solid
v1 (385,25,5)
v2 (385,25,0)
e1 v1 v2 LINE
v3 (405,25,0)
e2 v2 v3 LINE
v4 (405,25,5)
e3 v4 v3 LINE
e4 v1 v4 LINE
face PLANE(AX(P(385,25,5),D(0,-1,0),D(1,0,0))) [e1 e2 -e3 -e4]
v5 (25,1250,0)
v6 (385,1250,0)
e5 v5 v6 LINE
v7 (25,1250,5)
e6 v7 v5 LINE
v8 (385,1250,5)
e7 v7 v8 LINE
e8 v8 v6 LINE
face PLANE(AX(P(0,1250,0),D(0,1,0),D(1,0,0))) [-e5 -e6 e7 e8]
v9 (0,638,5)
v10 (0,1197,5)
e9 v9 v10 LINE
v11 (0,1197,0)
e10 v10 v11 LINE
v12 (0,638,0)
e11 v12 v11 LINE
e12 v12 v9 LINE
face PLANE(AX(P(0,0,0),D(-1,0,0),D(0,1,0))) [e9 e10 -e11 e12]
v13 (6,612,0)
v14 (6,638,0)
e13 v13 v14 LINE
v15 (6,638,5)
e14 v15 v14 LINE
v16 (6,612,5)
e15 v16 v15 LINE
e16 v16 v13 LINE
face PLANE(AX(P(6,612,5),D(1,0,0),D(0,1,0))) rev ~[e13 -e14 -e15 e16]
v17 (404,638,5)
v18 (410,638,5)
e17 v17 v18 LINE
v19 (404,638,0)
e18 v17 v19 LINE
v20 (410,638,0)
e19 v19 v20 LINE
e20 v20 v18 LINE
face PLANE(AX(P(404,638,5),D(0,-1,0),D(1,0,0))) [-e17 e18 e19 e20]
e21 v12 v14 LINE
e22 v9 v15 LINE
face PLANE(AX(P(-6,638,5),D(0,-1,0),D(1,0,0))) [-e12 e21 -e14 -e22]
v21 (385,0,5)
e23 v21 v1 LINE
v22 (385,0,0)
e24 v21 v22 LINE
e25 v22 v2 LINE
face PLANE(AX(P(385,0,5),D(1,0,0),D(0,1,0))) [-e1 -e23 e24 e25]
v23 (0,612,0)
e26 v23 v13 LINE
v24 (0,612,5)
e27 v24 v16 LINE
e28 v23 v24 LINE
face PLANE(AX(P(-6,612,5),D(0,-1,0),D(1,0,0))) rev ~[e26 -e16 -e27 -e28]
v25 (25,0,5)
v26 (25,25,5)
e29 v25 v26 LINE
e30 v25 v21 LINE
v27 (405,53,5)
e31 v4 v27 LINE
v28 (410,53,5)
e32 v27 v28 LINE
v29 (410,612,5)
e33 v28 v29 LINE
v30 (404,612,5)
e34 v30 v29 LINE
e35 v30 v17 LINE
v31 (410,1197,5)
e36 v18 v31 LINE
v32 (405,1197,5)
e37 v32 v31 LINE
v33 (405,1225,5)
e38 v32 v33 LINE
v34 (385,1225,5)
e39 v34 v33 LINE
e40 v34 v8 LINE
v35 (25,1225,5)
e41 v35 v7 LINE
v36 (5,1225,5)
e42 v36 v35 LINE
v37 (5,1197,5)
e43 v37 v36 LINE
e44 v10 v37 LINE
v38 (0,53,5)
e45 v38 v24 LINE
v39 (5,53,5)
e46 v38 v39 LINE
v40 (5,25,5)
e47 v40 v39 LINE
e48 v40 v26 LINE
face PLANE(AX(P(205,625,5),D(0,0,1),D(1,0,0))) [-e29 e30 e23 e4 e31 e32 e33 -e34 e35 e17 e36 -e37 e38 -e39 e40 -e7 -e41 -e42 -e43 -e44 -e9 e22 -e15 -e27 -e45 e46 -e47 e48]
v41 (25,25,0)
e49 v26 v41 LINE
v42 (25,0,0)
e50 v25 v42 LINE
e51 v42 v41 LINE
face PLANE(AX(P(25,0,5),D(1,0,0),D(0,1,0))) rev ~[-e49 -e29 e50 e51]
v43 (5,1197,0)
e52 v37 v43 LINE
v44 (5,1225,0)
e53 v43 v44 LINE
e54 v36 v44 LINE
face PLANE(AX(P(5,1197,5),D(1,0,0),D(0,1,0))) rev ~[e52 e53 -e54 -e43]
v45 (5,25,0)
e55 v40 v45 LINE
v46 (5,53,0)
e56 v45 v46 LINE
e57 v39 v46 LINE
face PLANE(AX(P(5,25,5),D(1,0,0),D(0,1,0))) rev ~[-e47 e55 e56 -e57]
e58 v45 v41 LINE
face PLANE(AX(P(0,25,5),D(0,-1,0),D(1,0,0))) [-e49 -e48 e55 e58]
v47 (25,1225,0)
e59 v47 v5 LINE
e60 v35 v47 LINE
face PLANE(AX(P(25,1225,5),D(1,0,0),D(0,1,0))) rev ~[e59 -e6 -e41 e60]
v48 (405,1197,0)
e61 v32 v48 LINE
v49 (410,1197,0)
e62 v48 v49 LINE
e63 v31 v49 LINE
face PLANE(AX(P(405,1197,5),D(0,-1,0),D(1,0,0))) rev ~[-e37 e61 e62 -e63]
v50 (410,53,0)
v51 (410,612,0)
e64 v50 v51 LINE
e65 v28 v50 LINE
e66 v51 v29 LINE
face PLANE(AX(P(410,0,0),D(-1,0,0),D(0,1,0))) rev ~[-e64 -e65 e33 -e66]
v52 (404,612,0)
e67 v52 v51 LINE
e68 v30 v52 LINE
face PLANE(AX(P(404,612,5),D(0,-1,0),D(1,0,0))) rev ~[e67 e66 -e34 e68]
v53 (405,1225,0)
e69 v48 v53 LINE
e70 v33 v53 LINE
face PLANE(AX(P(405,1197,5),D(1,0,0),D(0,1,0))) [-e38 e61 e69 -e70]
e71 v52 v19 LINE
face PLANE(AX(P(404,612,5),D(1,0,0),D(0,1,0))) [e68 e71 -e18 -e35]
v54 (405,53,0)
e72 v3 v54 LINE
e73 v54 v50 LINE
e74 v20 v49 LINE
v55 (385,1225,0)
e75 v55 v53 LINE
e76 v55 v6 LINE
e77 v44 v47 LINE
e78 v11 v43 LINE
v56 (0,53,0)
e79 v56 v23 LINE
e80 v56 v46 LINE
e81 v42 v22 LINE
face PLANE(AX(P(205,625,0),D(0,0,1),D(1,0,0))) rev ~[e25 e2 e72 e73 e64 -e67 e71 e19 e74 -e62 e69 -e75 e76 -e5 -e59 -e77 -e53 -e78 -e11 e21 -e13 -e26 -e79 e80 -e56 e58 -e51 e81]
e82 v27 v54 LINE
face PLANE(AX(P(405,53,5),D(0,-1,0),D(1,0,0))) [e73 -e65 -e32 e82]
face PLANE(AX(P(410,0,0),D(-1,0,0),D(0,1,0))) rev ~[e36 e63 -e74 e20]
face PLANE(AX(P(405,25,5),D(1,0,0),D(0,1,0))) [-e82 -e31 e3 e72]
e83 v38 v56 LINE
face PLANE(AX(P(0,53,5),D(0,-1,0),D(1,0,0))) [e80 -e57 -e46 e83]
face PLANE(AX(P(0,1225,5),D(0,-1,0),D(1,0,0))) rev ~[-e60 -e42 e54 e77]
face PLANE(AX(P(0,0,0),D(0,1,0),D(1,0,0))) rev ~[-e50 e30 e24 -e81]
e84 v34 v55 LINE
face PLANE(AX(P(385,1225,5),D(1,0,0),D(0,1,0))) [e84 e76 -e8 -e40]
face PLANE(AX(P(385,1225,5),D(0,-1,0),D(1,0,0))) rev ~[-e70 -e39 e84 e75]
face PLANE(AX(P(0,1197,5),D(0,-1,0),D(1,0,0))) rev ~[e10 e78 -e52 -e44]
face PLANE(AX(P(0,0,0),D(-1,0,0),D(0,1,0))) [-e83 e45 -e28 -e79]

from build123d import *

# Parameters (mm, degrees)
F0_W      = 410
F0_H      = 1250
F1_DEPTH  = 5
F2_W      = 25
F2_H      = 25
F3_DEPTH  = 25
F4_W      = 25
F4_H      = 25
F5_DEPTH  = 25
F6_W      = 25
F6_H      = 25
F7_DEPTH  = 25
F8_W      = 25
F8_H      = 25
F9_DEPTH  = 25
F10_W     = 12
F10_H     = 26
F11_DEPTH = 25
F12_W     = 12
F12_H     = 26
F13_DEPTH = 25
F14_W     = 5
F14_H     = 28
F15_DEPTH = 25
F16_W     = 5
F16_H     = 28
F17_DEPTH = 25
F18_W     = 5
F18_H     = 28
F19_DEPTH = 25
F20_W     = 5
F20_H     = 28
F21_DEPTH = 25


with BuildPart() as f1:
    # F0 (on Top) → F1 (new body)
    with BuildSketch(Plane.XY):
        with Locations((205, 625)):
            Rectangle(F0_W, F0_H)
    extrude(amount=F1_DEPTH)

    # F2 (on face) → F3 (cut)
    with BuildSketch(Plane.XY.offset(5)):
        with Locations((12.5, 12.5)):
            Rectangle(F2_W, F2_H)
    extrude(amount=-F3_DEPTH, mode=Mode.SUBTRACT)

    # F4 (on face) → F5 (cut)
    with BuildSketch(Plane.XY.offset(5)):
        with Locations((397.5, 12.5)):
            Rectangle(F4_W, F4_H)
    extrude(amount=-F5_DEPTH, mode=Mode.SUBTRACT)

    # F6 (on face) → F7 (cut)
    with BuildSketch(Plane.XY.offset(5)):
        with Locations((397.5, 1237.5)):
            Rectangle(F6_W, F6_H)
    extrude(amount=-F7_DEPTH, mode=Mode.SUBTRACT)

    # F8 (on face) → F9 (cut)
    with BuildSketch(Plane.XY.offset(5)):
        with Locations((12.5, 1237.5)):
            Rectangle(F8_W, F8_H)
    extrude(amount=-F9_DEPTH, mode=Mode.SUBTRACT)

    # F10 (on face) → F11 (cut)
    with BuildSketch(Plane.XY.offset(5)):
        with Locations((0, 625)):
            Rectangle(F10_W, F10_H)
    extrude(amount=-F11_DEPTH, mode=Mode.SUBTRACT)

    # F12 (on face) → F13 (cut)
    with BuildSketch(Plane.XY.offset(5)):
        with Locations((410, 625)):
            Rectangle(F12_W, F12_H)
    extrude(amount=-F13_DEPTH, mode=Mode.SUBTRACT)

    # F14 (on face) → F15 (cut)
    with BuildSketch(Plane.XY.offset(5)):
        with Locations((407.5, 39)):
            Rectangle(F14_W, F14_H)
    extrude(amount=-F15_DEPTH, mode=Mode.SUBTRACT)

    # F16 (on face) → F17 (cut)
    with BuildSketch(Plane.XY.offset(5)):
        with Locations((407.5, 1211)):
            Rectangle(F16_W, F16_H)
    extrude(amount=-F17_DEPTH, mode=Mode.SUBTRACT)

    # F18 (on face) → F19 (cut)
    with BuildSketch(Plane.XY.offset(5)):
        with Locations((2.5, 1211)):
            Rectangle(F18_W, F18_H)
    extrude(amount=-F19_DEPTH, mode=Mode.SUBTRACT)

    # F20 (on face) → F21 (cut)
    with BuildSketch(Plane.XY.offset(5)):
        with Locations((2.5, 39)):
            Rectangle(F20_W, F20_H)
    extrude(amount=-F21_DEPTH, mode=Mode.SUBTRACT)


solid = f1.part
